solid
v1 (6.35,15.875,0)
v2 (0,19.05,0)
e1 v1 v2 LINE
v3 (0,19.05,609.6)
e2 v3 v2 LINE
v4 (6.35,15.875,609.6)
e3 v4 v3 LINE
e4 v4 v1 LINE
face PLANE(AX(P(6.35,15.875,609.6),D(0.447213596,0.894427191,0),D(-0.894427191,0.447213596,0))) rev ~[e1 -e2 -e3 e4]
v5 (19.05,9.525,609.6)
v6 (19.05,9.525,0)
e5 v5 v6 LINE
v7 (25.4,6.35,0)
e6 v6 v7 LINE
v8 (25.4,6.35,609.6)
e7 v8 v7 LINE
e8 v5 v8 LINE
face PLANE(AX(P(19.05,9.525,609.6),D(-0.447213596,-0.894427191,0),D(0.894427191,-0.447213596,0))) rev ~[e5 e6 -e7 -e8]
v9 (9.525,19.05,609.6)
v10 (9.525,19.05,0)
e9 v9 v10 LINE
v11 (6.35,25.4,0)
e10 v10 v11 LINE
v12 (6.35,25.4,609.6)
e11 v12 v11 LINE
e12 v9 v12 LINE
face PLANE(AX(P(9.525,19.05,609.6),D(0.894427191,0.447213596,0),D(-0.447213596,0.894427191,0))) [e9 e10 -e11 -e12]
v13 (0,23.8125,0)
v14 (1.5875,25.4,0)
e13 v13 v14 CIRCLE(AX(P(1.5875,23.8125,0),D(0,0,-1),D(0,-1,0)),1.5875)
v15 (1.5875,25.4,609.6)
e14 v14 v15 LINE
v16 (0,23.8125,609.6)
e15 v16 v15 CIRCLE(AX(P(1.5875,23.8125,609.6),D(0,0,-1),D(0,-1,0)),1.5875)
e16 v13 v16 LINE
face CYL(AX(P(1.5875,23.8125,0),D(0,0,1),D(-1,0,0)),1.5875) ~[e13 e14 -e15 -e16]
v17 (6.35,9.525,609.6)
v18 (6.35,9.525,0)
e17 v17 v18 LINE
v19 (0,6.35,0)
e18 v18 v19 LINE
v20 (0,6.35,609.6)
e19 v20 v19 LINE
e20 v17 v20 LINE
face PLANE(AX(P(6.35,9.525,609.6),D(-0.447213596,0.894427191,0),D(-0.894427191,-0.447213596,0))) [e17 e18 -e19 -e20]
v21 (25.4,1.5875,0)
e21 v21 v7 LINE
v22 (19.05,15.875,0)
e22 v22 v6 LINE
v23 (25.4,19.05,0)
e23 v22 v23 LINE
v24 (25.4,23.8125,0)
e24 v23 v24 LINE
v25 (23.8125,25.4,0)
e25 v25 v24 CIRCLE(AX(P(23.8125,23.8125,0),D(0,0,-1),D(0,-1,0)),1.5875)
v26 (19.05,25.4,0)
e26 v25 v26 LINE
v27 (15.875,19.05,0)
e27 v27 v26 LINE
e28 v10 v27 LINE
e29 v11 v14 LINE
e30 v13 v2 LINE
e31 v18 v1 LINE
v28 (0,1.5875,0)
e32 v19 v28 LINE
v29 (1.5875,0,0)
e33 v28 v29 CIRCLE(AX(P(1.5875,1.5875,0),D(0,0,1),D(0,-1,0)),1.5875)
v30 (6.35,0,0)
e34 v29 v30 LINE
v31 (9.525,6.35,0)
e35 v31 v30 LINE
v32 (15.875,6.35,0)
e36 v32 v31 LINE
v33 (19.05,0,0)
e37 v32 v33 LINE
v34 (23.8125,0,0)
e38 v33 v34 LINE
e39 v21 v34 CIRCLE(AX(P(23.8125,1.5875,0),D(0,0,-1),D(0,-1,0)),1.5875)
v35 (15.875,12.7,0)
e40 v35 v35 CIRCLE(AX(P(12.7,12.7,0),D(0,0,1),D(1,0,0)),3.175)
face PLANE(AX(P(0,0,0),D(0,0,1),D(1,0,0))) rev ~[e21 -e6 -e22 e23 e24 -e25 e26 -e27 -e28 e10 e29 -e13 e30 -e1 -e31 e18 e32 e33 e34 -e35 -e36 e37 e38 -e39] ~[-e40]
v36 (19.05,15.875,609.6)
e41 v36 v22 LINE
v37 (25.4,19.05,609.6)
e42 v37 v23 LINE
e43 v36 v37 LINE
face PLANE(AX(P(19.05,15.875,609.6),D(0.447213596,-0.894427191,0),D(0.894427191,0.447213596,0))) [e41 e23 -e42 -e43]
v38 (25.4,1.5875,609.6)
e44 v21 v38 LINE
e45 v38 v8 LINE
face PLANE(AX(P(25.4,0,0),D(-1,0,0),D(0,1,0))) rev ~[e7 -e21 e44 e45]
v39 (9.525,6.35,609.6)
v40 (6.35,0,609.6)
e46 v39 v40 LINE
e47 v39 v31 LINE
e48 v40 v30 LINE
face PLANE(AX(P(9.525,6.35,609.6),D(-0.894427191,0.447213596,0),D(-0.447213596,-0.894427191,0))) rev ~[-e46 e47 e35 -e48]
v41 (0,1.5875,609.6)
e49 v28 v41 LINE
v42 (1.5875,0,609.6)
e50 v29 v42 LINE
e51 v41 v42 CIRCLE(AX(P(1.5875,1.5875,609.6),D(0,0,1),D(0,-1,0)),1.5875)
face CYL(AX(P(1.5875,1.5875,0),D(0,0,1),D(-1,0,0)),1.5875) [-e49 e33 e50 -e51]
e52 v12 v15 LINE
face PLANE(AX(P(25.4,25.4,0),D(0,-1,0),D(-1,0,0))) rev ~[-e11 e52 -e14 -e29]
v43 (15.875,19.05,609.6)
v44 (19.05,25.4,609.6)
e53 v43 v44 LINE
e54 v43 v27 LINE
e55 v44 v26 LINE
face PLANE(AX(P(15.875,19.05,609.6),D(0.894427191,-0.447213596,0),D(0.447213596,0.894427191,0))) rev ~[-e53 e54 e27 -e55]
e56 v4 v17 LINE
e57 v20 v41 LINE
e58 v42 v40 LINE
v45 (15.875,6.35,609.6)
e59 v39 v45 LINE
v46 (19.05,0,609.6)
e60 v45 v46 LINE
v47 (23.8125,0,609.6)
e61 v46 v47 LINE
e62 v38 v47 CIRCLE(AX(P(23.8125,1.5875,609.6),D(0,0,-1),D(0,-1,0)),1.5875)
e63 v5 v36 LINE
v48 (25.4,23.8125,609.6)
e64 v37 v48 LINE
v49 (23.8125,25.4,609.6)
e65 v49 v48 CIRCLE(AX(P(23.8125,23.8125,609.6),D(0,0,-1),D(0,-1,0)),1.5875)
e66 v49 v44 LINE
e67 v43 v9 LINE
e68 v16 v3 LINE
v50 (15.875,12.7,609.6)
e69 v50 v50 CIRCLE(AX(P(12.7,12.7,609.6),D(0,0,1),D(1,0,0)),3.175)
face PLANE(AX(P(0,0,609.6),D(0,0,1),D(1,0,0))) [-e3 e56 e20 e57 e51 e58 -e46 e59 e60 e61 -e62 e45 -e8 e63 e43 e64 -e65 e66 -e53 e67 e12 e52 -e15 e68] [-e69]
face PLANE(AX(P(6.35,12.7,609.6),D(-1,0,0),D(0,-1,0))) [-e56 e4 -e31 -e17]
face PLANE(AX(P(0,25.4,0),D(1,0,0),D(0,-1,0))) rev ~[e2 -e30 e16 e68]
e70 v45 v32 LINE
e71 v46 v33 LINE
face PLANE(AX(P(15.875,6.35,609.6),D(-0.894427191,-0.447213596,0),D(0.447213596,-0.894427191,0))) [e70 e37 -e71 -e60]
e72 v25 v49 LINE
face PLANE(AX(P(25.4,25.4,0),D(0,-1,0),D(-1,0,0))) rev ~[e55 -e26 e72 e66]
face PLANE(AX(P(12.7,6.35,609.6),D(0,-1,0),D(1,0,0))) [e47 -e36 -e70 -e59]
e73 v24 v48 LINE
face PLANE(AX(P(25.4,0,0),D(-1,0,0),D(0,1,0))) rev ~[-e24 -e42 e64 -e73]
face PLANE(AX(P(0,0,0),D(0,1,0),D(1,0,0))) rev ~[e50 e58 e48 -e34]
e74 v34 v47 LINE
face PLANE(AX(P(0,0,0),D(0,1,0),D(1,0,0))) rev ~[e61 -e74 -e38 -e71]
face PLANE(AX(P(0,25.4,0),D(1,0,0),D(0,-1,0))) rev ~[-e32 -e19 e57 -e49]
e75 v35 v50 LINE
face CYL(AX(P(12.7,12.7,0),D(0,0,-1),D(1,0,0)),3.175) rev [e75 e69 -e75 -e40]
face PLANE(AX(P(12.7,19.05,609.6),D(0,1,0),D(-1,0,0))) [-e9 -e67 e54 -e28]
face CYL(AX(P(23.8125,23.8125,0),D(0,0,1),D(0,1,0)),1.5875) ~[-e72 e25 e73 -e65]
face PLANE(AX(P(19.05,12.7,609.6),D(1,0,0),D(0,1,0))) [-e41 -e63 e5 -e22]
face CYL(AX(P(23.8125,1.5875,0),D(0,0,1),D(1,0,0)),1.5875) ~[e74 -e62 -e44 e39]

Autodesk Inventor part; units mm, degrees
ref_plane "YZ Plane" through (0, 0, 0) normal (1, 0, 0) x (0, 1, 0)
ref_plane "XZ Plane" through (0, 0, 0) normal (0, 1, 0) x (-1, 0, 0)
ref_plane "XY Plane" through (0, 0, 0) normal (0, 0, 1) x (1, 0, 0)
sketch "Sketch1" plane through (0, 0, 0) normal (0, 0, 1) x (1, 0, 0)
  line L0 (0, 0) -> (25.4, 0)
  line L1 (25.4, 0) -> (25.4, 25.4)
  line L2 (25.4, 25.4) -> (0, 25.4)
  line L3 (0, 25.4) -> (0, 0)
  circle A0 centre (12.7, 12.7) radius 3.175
  dimension "d0" = 25.4
  dimension "d1" = 25.4
  dimension "d2" = 6.35
  dimension "d7" = 12.7
  dimension "d8" = 12.7
extrude "Extrusion1" add sketch "Sketch1" along normal blind 609.6
sketch "Sketch2" plane through (0, 0, 609.6) normal (0, 0, 1) x (1, 0, 0)
  line L0 (25.4, 25.4) -> (0, 25.4) projected
  line L1 (0, 25.4) -> (0, 0) projected
  circle A0 centre (12.7, 12.7) radius 3.175 projected
  line L2 (0, 0) -> (25.4, 0) projected
  line L3 (25.4, 0) -> (25.4, 25.4) projected
  line L4 (25.4, 25.4) -> (0, 25.4) projected
  line L5 (0, 25.4) -> (0, 0) projected
  line L6 (12.7, 19.05) -> (9.525, 19.05)
  line L7 (9.525, 19.05) -> (15.875, 19.05)
  line L8 (15.875, 19.05) -> (19.05, 25.4)
  line L9 (9.525, 19.05) -> (6.35, 25.4)
  dimension "d13" = 6.35
  dimension "d14" = 6.35
  dimension "d15" = 3.175
  dimension "d16" = 6.35
fillet "Fillet1" radius 1.5875 4 edges at (25.4, 25.4, 304.8) (0, 25.4, 304.8) (25.4, 0, 304.8) (0, 0, 304.8)
extrude "Extrusion2" cut sketch "Sketch2" against normal blind 609.6 contours L8 L7 L6 L9 L0
pattern_circular "Circular Pattern1" count 4 over 360 about axis through (12.7, 12.7, 0) along (0, 0, 1) of "Extrusion2"
properties part number "Mock 8020 24in"
